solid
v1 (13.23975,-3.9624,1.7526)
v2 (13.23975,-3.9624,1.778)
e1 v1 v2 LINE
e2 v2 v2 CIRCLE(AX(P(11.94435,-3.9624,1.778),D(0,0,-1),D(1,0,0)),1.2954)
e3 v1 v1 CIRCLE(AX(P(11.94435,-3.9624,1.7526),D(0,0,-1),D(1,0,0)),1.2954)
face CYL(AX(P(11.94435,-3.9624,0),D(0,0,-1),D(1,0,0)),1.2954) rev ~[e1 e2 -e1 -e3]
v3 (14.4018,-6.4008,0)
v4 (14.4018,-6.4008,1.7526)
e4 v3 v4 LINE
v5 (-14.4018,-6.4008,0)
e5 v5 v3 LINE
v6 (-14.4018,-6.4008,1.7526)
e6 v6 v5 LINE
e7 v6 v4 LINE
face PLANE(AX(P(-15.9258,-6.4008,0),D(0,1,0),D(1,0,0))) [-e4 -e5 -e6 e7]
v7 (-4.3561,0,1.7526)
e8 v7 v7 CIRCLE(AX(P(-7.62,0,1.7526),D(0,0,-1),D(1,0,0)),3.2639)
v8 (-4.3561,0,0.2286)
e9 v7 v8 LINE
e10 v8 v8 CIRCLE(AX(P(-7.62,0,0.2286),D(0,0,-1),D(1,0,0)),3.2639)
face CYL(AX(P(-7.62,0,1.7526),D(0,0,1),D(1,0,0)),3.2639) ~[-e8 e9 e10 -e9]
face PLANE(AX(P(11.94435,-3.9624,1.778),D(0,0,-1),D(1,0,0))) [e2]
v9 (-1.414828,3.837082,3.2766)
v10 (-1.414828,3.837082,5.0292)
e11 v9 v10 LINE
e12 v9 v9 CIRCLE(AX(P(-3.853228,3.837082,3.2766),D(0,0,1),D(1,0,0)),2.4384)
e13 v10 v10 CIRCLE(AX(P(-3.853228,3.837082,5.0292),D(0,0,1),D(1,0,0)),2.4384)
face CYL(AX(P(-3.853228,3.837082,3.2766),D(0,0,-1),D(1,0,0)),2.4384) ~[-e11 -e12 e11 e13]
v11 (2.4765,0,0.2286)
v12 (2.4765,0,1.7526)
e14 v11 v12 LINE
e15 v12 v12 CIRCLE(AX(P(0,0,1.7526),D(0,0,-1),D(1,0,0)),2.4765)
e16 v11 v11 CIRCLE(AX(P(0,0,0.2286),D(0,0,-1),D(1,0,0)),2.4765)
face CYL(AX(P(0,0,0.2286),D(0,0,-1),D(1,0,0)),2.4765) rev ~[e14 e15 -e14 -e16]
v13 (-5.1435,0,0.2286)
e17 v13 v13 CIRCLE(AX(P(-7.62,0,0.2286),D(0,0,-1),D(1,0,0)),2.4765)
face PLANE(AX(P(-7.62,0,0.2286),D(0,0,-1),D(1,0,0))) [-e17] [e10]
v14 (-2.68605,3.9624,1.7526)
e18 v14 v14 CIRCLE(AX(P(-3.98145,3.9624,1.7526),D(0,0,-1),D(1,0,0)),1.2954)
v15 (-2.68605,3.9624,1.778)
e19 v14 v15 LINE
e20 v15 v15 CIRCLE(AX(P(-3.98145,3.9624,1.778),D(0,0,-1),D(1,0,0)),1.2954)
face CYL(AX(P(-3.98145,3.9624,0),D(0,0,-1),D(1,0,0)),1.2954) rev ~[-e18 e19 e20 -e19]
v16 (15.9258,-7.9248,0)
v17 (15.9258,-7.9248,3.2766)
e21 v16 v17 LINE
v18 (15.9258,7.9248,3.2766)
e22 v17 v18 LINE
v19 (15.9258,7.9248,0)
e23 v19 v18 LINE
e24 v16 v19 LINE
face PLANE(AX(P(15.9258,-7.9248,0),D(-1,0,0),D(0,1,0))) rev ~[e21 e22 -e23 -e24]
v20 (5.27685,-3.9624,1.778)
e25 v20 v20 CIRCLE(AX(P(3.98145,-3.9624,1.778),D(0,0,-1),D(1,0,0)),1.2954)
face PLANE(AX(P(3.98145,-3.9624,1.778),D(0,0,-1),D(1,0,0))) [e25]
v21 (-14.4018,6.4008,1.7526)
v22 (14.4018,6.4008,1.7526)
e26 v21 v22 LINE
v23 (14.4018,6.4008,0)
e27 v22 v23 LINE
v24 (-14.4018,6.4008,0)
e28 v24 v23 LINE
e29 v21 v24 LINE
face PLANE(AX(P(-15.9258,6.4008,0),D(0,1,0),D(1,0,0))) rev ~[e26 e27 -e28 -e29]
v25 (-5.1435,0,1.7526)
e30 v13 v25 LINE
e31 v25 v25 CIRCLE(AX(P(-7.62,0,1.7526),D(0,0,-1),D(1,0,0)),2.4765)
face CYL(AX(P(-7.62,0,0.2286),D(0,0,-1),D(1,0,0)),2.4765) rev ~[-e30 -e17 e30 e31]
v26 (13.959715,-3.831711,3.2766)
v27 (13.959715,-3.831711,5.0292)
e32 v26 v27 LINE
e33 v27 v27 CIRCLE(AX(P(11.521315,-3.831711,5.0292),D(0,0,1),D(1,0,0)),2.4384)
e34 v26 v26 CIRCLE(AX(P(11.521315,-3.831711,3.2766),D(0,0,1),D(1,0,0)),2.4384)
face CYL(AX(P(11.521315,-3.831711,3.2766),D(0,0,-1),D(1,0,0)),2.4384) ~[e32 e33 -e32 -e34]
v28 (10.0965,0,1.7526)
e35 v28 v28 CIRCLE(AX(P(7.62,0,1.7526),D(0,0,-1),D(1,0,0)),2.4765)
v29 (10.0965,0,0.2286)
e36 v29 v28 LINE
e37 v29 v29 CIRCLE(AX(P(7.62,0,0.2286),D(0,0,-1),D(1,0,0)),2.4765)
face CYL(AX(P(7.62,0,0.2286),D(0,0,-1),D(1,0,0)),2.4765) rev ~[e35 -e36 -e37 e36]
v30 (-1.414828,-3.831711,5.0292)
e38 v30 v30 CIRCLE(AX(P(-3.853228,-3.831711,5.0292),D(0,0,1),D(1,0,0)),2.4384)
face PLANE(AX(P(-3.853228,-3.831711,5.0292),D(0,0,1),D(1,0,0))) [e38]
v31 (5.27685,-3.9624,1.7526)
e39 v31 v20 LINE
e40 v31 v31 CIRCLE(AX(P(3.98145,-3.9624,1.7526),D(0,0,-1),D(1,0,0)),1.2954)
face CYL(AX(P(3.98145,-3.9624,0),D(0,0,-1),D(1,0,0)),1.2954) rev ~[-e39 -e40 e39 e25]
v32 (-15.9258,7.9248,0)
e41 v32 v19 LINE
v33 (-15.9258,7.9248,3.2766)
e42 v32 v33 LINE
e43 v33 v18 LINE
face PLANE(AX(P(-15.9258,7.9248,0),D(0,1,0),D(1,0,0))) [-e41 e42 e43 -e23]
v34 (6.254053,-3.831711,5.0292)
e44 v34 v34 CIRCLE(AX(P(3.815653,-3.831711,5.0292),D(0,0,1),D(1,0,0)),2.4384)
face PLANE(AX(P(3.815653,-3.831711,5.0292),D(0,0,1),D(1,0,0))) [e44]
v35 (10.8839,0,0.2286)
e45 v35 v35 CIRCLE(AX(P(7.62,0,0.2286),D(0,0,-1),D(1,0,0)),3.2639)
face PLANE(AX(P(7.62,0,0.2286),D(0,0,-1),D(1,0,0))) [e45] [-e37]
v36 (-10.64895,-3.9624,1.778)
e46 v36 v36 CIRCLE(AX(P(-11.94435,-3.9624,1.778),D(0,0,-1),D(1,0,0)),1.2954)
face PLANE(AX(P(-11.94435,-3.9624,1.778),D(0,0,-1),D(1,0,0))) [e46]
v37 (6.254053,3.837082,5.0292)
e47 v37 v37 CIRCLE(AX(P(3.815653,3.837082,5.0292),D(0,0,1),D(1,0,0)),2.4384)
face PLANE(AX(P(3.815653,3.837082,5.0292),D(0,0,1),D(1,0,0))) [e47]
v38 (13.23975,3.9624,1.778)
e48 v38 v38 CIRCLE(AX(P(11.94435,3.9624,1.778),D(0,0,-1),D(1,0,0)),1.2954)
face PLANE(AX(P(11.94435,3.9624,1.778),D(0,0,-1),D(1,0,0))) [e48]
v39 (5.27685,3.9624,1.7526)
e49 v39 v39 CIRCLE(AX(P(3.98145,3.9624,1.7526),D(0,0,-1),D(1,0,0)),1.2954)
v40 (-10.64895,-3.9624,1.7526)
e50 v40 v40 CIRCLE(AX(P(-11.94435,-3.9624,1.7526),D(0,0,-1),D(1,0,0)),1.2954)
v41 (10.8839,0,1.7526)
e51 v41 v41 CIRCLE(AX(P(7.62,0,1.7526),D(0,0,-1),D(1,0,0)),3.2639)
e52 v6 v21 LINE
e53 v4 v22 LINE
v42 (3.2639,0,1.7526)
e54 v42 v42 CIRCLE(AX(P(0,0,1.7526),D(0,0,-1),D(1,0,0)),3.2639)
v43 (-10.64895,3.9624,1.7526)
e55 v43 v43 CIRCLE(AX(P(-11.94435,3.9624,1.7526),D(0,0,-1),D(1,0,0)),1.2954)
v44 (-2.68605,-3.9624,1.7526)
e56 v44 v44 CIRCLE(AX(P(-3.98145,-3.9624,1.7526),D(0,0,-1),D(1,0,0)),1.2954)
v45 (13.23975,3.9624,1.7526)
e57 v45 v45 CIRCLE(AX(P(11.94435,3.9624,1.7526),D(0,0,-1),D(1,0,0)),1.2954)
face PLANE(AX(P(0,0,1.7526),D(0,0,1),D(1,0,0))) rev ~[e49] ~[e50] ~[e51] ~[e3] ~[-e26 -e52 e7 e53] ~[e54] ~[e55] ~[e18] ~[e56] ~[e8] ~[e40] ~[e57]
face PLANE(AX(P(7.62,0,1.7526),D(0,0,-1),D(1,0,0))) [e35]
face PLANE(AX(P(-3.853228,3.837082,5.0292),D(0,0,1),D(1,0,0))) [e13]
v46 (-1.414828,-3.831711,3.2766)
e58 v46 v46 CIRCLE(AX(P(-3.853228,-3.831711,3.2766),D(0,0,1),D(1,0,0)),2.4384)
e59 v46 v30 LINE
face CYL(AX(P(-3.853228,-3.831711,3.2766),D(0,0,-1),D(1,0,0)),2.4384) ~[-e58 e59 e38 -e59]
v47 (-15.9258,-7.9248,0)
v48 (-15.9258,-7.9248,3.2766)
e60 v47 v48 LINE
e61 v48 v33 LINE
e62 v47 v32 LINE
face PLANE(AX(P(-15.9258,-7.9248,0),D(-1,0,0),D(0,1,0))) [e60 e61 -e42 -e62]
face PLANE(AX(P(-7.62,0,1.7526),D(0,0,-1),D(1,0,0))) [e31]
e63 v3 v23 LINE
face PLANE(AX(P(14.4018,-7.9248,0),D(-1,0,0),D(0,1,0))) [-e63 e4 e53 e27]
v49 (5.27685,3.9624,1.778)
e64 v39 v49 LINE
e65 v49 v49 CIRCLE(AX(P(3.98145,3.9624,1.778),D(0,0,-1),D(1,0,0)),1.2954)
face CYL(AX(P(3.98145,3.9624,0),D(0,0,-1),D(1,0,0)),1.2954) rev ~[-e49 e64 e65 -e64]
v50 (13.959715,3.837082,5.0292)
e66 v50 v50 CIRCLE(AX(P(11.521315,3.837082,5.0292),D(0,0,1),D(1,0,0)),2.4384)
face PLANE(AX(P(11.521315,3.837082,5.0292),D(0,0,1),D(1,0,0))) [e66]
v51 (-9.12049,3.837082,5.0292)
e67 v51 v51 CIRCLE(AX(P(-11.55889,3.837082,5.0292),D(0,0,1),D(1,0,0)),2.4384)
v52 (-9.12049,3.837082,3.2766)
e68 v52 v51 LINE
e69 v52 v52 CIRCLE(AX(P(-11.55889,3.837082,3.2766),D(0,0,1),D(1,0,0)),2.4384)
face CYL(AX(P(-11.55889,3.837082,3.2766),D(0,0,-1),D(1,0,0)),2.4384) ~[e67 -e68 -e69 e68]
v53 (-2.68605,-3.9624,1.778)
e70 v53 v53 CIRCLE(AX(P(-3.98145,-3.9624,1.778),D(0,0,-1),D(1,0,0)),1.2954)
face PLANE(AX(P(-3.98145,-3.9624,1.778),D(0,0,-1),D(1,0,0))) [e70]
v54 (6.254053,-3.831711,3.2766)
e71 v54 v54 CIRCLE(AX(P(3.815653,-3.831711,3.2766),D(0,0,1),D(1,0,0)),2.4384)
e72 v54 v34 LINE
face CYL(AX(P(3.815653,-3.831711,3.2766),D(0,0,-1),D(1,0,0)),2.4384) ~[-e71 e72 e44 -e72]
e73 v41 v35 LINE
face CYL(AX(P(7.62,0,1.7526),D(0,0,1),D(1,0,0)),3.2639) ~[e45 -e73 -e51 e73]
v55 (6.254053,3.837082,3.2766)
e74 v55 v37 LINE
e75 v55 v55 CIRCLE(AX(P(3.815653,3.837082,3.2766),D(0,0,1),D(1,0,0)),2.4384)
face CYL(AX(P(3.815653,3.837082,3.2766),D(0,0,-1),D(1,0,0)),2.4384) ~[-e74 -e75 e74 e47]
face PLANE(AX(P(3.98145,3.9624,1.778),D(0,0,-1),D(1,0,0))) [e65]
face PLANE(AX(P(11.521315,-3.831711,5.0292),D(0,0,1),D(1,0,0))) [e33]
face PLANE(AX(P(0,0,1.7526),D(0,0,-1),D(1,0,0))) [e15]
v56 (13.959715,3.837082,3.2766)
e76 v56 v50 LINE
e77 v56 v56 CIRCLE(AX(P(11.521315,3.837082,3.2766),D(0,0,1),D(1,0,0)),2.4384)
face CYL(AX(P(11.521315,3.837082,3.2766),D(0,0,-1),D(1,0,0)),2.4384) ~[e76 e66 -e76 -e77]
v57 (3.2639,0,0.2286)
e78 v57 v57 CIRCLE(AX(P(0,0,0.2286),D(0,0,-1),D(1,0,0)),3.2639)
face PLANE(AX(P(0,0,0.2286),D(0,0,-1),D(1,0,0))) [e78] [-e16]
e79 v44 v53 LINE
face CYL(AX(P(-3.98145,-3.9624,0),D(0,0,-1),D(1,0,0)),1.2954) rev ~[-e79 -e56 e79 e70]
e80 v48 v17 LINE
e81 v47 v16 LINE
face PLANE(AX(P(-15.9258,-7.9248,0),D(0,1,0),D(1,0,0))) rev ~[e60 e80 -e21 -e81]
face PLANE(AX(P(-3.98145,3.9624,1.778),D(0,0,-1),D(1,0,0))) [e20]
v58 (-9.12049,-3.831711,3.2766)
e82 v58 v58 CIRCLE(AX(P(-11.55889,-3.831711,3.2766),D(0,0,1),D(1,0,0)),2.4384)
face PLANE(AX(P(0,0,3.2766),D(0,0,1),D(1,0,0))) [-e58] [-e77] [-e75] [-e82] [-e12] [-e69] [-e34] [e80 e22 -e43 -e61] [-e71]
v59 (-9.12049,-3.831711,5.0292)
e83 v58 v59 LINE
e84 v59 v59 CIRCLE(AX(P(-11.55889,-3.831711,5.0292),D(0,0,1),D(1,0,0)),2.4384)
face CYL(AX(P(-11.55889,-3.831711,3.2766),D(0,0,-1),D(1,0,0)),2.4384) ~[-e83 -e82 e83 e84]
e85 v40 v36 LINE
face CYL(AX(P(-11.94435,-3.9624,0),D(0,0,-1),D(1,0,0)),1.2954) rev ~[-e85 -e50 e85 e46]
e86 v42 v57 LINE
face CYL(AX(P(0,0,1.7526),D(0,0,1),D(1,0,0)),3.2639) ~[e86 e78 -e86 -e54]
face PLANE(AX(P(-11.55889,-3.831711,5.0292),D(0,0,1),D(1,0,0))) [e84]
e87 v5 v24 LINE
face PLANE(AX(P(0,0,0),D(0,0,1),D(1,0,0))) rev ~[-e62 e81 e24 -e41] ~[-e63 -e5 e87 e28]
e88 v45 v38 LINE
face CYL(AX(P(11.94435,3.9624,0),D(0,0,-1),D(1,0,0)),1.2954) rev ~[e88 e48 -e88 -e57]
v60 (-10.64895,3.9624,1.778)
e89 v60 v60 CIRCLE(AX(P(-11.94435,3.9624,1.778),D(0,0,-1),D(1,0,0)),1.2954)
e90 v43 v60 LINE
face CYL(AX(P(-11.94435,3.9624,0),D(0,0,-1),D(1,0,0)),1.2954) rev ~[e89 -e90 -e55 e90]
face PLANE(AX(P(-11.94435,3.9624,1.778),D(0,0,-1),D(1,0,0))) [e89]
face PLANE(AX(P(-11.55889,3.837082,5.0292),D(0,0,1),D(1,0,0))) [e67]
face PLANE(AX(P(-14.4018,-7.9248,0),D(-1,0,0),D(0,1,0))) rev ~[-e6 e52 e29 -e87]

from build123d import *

# Parameters (mm, degrees)
F0_W      = 31.8516
F0_H      = 15.8496
F1_DEPTH  = 3.2766
F2_T      = -1.524
F3_R      = 3.2639
F4_DEPTH  = 1.524
F5_R      = 2.4765
F8_DEPTH  = 1.524
F6_R      = 2.4765
F9_DEPTH  = 1.524
F7_R      = 2.4765
F10_DEPTH = 1.524
F11_R     = 2.4384
F12_DEPTH = 1.7526
F13_R     = 1.2954
F14_DEPTH = 1.778


with BuildPart() as f1:
    # F0 (on Top) → F1 (new body)
    with BuildSketch(Plane.XY):
        Rectangle(F0_W, F0_H)
    extrude(amount=F1_DEPTH)

    # F2
    f2_openings = [f1.faces().sort_by_distance(p)[0] for p in [
        (0, 0, 0),
    ]]
    offset(amount=F2_T, openings=f2_openings)

    # F3 (on face) → F4 (join)
    with BuildSketch(Plane(origin=(0, 0, 1.7526), x_dir=(1, 0, 0), z_dir=(0, 0, -1))):
        Circle(F3_R)
        with Locations((-7.62, 0)):
            Circle(F3_R)
        with Locations((7.62, 0)):
            Circle(F3_R)
    extrude(amount=F4_DEPTH)

    # F5 (on face) → F8 (cut)
    with BuildSketch(Plane(origin=(0, 0, 0.2286), x_dir=(1, 0, 0), z_dir=(0, 0, -1))):
        Circle(F5_R)
    extrude(amount=-F8_DEPTH, mode=Mode.SUBTRACT)

    # F6 (on face) → F9 (cut)
    with BuildSketch(Plane(origin=(0, 0, 0.2286), x_dir=(1, 0, 0), z_dir=(0, 0, -1))):
        with Locations((-7.62, 0)):
            Circle(F6_R)
    extrude(amount=-F9_DEPTH, mode=Mode.SUBTRACT)

    # F7 (on face) → F10 (cut)
    with BuildSketch(Plane(origin=(0, 0, 0.2286), x_dir=(1, 0, 0), z_dir=(0, 0, -1))):
        with Locations((7.62, 0)):
            Circle(F7_R)
    extrude(amount=-F10_DEPTH, mode=Mode.SUBTRACT)

    # F11 (on face) → F12 (join)
    with BuildSketch(Plane.XY.offset(3.2766)):
        with Locations((-11.55889, 3.837082)):
            Circle(F11_R)
        with Locations((-3.853228, 3.837082)):
            Circle(F11_R)
        with Locations((3.815653, 3.837082)):
            Circle(F11_R)
        with Locations((11.521315, 3.837082)):
            Circle(F11_R)
        with Locations((11.521315, -3.831711)):
            Circle(F11_R)
        with Locations((3.815653, -3.831711)):
            Circle(F11_R)
        with Locations((-3.853228, -3.831711)):
            Circle(F11_R)
        with Locations((-11.55889, -3.831711)):
            Circle(F11_R)
    extrude(amount=F12_DEPTH)

    # F13 (on face) → F14 (cut)
    with BuildSketch(Plane(origin=(0, 0, 0), x_dir=(1, 0, 0), z_dir=(0, 0, -1))):
        with Locations((-3.98145, 3.9624)):
            Circle(F13_R)
        with Locations((-11.94435, 3.9624)):
            Circle(F13_R)
        with Locations((-11.94435, -3.9624)):
            Circle(F13_R)
        with Locations((-3.98145, -3.9624)):
            Circle(F13_R)
        with Locations((3.98145, -3.9624)):
            Circle(F13_R)
        with Locations((11.94435, -3.9624)):
            Circle(F13_R)
        with Locations((11.94435, 3.9624)):
            Circle(F13_R)
        with Locations((3.98145, 3.9624)):
            Circle(F13_R)
    extrude(amount=-F14_DEPTH, mode=Mode.SUBTRACT)


solid = f1.part
